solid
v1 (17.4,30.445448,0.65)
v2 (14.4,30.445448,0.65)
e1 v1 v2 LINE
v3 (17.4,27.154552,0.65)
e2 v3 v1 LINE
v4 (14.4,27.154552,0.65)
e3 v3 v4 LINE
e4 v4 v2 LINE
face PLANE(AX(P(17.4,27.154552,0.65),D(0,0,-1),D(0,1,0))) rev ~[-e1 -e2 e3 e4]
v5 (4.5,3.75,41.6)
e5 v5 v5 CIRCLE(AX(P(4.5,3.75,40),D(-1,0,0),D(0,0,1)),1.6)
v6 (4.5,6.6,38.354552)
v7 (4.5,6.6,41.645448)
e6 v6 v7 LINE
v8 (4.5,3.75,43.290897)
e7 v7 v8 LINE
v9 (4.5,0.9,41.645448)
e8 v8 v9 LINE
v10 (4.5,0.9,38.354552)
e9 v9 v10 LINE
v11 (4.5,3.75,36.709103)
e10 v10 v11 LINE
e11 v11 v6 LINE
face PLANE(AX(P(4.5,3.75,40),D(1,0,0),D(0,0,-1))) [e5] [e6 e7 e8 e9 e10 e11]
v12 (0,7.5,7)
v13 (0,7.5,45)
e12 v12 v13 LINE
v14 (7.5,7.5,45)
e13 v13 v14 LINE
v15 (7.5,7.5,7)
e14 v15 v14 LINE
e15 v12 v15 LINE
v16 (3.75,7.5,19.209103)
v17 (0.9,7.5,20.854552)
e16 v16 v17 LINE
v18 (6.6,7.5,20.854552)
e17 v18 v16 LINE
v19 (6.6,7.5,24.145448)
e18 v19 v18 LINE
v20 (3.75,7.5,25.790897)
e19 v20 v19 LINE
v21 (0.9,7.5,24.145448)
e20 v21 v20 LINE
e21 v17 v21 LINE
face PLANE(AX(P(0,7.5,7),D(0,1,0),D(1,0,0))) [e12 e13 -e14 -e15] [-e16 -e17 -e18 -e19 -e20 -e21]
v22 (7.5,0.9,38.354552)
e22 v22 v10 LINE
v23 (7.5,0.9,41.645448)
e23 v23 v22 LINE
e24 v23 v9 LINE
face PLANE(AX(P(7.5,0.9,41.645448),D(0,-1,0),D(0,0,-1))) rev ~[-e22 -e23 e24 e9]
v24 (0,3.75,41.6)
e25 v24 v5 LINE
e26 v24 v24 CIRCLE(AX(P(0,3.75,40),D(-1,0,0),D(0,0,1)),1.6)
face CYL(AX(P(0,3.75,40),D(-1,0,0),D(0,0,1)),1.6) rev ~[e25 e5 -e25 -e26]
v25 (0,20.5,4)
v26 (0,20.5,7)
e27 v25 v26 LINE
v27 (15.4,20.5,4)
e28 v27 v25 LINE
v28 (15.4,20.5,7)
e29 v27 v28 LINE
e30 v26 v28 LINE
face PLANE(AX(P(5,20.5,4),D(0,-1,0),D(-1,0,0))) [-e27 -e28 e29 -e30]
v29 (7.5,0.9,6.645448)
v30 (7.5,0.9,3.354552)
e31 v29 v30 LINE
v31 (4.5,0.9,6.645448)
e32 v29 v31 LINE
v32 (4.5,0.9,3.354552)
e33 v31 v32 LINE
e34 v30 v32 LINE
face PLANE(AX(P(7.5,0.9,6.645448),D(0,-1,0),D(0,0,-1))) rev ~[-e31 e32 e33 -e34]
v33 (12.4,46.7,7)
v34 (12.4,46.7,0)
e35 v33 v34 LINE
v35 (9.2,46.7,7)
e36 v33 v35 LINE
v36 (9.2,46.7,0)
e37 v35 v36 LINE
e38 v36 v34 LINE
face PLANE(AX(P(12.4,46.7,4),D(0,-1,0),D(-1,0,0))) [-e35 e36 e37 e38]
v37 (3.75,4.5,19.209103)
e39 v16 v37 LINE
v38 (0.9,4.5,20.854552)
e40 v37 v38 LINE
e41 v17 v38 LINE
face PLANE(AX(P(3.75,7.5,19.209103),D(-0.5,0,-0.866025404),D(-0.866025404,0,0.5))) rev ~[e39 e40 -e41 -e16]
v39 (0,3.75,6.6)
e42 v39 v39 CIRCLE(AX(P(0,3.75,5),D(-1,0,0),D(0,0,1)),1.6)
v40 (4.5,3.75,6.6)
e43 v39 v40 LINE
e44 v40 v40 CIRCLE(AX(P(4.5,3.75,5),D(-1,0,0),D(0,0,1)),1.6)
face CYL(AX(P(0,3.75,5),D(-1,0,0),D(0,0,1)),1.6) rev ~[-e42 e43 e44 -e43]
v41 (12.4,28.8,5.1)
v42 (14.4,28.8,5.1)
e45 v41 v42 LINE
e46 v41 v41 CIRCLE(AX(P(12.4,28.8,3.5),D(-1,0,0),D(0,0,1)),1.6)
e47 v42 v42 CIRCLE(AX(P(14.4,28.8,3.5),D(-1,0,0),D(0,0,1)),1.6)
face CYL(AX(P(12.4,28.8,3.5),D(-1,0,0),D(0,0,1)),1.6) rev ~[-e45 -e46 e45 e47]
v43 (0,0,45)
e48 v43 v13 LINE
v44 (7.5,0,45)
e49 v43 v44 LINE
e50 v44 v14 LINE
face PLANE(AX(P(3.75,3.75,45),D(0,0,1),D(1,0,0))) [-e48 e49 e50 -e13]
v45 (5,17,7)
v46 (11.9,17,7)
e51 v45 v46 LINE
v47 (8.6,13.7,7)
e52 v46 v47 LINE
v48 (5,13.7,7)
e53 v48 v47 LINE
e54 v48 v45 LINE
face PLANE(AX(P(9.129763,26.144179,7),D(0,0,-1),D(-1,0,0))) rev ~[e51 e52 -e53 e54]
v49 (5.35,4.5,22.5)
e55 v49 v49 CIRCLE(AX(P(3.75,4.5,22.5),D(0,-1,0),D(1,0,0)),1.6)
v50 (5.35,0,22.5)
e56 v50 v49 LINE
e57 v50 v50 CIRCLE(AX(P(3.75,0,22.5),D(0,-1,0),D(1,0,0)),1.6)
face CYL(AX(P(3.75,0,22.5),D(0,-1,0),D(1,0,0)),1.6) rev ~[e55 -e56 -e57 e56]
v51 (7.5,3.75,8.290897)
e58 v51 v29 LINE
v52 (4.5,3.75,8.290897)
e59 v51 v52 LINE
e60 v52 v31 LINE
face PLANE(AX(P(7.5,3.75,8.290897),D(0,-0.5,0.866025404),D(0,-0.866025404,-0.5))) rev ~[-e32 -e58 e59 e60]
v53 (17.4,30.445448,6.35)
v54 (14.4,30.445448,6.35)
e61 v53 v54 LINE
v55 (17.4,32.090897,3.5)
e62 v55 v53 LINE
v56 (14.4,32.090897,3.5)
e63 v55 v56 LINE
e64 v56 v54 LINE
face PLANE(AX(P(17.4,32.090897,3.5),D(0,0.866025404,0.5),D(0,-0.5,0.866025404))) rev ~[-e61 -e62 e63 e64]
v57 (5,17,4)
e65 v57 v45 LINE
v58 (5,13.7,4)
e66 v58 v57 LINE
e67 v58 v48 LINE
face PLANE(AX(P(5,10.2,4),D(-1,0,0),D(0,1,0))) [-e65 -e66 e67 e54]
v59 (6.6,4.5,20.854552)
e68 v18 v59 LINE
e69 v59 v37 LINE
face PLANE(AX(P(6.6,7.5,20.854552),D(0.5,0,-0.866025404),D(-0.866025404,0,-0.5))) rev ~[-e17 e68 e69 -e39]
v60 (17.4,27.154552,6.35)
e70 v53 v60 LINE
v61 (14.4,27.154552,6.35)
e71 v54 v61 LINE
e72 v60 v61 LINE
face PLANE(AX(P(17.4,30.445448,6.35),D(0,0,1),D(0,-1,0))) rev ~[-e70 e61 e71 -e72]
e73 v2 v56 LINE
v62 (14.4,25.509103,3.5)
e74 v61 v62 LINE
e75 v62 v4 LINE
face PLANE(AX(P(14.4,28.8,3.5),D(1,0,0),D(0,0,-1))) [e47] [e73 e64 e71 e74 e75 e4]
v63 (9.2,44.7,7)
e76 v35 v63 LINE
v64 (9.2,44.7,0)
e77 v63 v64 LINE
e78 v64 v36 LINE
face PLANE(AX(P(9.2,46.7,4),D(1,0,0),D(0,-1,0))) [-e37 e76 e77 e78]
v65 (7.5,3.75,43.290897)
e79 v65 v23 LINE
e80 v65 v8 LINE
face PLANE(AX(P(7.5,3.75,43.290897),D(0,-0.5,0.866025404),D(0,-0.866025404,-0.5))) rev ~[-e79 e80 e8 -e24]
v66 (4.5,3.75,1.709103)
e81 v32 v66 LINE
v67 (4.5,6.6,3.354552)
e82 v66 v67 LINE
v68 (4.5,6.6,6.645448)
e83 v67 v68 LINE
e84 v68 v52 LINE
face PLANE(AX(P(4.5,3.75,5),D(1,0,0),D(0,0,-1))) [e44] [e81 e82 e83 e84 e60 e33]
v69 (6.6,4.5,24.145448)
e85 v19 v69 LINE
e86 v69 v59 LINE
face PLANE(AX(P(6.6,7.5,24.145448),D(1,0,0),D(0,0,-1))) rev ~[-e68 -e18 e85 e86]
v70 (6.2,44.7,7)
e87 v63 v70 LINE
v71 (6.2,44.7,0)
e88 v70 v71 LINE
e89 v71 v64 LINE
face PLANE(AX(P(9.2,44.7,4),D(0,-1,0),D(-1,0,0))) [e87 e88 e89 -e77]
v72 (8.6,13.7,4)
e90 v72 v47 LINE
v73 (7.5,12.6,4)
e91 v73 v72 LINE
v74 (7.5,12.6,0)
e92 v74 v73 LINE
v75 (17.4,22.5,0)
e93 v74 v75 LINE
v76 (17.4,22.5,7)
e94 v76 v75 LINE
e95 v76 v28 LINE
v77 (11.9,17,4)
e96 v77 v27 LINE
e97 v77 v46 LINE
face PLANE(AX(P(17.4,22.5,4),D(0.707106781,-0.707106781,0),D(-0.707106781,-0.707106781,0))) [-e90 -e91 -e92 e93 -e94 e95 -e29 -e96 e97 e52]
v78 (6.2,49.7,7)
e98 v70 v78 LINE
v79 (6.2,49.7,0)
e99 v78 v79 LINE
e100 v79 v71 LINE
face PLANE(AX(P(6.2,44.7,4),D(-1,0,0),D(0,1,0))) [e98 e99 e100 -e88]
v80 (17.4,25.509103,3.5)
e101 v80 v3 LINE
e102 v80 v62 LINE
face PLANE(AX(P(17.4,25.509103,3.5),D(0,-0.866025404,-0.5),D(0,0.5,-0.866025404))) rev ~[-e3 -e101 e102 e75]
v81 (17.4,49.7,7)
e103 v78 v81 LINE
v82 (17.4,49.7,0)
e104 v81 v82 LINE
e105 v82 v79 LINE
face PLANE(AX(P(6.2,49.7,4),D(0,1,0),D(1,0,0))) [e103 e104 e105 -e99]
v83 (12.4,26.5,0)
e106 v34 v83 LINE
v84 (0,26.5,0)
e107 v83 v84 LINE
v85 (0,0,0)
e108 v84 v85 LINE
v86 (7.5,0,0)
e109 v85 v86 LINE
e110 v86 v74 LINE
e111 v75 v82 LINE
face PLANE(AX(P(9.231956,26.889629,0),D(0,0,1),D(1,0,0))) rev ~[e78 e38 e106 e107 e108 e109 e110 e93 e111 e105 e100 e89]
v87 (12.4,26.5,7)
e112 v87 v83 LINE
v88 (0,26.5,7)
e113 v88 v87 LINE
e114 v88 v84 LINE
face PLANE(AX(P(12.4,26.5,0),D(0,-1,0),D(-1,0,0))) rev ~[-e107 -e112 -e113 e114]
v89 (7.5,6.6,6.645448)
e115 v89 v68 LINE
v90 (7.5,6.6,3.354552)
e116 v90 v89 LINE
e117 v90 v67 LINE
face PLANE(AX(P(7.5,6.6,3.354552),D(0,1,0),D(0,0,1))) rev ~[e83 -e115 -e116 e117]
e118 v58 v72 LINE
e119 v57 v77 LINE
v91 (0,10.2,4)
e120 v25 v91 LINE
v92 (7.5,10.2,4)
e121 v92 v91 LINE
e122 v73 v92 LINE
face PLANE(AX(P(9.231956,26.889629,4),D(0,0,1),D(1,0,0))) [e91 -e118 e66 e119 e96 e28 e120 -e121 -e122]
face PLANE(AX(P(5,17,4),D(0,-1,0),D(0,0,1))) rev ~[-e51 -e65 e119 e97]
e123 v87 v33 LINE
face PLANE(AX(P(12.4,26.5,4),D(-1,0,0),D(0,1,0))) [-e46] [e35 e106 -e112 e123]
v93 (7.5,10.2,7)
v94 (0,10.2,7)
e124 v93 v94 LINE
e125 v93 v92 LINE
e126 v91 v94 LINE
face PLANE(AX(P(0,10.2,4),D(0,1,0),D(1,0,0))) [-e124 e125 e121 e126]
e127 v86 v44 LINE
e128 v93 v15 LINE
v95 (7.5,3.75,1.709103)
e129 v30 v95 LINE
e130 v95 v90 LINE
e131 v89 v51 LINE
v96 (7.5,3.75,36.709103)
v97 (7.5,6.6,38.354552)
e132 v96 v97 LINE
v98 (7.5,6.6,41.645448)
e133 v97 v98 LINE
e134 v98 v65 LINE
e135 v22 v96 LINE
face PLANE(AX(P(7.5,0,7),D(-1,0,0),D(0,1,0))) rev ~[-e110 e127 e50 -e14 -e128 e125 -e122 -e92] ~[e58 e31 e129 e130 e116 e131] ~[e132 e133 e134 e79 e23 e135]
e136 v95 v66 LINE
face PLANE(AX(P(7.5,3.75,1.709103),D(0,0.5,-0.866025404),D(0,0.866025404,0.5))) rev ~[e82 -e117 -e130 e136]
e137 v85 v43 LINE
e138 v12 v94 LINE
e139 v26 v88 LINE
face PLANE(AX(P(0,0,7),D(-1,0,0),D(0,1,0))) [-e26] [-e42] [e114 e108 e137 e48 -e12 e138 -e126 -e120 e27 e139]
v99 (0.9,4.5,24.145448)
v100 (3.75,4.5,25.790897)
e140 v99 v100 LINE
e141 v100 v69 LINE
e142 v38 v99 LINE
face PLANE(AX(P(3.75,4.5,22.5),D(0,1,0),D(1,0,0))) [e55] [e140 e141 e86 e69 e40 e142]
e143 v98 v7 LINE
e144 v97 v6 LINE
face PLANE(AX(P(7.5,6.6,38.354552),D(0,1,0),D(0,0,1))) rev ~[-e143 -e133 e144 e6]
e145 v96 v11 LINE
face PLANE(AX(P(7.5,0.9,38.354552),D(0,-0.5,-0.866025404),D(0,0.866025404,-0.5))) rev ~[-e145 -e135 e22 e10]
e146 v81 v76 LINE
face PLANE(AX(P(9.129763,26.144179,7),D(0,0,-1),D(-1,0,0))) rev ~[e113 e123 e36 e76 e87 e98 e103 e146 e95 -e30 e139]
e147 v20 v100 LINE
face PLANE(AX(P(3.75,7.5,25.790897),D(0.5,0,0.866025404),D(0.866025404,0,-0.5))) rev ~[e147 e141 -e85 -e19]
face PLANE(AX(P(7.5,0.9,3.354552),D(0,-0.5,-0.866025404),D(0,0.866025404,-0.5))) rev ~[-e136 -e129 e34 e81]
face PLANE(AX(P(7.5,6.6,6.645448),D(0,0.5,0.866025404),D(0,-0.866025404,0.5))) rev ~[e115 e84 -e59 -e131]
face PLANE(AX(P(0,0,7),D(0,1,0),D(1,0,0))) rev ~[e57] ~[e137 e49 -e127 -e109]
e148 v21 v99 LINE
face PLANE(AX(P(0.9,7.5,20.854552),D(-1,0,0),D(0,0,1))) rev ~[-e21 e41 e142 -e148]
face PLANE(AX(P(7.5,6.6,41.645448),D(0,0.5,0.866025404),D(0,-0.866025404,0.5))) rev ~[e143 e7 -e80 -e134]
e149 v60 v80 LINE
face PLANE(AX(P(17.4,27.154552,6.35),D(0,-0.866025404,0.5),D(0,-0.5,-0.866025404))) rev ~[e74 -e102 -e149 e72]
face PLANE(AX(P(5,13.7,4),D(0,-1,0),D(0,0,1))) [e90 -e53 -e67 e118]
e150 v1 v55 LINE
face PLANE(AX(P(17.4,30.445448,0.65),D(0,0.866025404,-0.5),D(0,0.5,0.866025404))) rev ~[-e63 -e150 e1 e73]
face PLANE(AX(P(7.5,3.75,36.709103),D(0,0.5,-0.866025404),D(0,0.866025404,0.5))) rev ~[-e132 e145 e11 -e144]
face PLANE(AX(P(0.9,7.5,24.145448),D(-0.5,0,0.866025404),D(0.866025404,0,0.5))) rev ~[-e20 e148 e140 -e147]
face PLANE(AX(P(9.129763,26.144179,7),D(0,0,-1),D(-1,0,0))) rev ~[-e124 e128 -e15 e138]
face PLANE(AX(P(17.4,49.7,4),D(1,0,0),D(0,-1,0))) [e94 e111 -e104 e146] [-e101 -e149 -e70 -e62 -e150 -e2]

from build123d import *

# Parameters (mm, degrees)
SALIENTE_EXTRUIR1_DEPTH = 4
SALIENTE_EXTRUIR2_DEPTH = 3
CROQUIS3_W              = 7.5
CROQUIS3_H              = 7.5
SALIENTE_EXTRUIR3_DEPTH = 38
CORTAR_EXTRUIR1_REACH   = 7
CROQUIS4_R              = 1.6
CORTAR_EXTRUIR2_DEPTH   = 3
CORTAR_EXTRUIR3_REACH   = 19.4
CROQUIS6_R              = 1.6
CORTAR_EXTRUIR4_DEPTH   = 3
CORTAR_EXTRUIR5_REACH   = 51.7
CROQUIS8_R              = 1.6
CORTAR_EXTRUIR6_DEPTH   = 3
CORTAR_EXTRUIR7_REACH   = 14.4
CROQUIS10_W             = 3
CROQUIS10_H             = 3.5


with BuildPart() as part:
    # Croquis1 → Saliente-Extruir1 (new body)
    with BuildSketch(Plane.XY):
        Polygon((0, 26.5), (0, 0), (7.5, 0), (7.5, 12.6), (17.4, 22.5), (17.4, 49.7), (6.2, 49.7), (6.2, 44.7), (9.2, 44.7), (9.2, 46.7), (12.4, 46.7), (12.4, 26.5), align=None)
    extrude(amount=SALIENTE_EXTRUIR1_DEPTH)

    # Croquis2 → Saliente-Extruir2 (add)
    with BuildSketch(Plane.XY.offset(4)):
        Polygon((0, 0), (0, 10.2), (5, 10.2), (5, 20.5), (0, 20.5), (0, 26.5), (12.4, 26.5), (12.4, 46.7), (9.2, 46.7), (9.2, 44.7), (6.2, 44.7), (6.2, 49.7), (17.4, 49.7), (17.4, 22.5), (7.5, 12.6), (7.5, 0), align=None)
    extrude(amount=SALIENTE_EXTRUIR2_DEPTH)

    # Croquis3 → Saliente-Extruir3 (add)
    with BuildSketch(Plane.XY.offset(7)):
        with Locations((3.75, 3.75)):
            Rectangle(CROQUIS3_W, CROQUIS3_H)
    extrude(amount=SALIENTE_EXTRUIR3_DEPTH)

    # Croquis4 → Cortar-Extruir1 (cut, up to next)
    with BuildSketch(Plane.ZY.offset(-12.4), mode=Mode.PRIVATE) as cortar_extruir1_sk1:
        with Locations((3.5, 28.8)):
            Circle(CROQUIS4_R)
    cortar_extruir1_tool1 = extrude(cortar_extruir1_sk1.sketch, amount=-CORTAR_EXTRUIR1_REACH, mode=Mode.PRIVATE) & part.part
    add(cortar_extruir1_tool1.solids().sort_by_distance((12.4, 28.8, 3.5))[0], mode=Mode.SUBTRACT)

    # Croquis5 → Cortar-Extruir2 (cut)
    with BuildSketch(Plane(origin=(17.4, 0, 0), x_dir=(0, 0, -1), z_dir=(1, 0, 0))):
        Polygon((-0.65, 30.445448267), (-3.5, 32.090896534), (-6.35, 30.445448267), (-6.35, 27.154551733), (-3.5, 25.509103466), (-0.65, 27.154551733), align=None)
    extrude(amount=-CORTAR_EXTRUIR2_DEPTH, mode=Mode.SUBTRACT)

    # Croquis6 → Cortar-Extruir3 (cut, up to next)
    with BuildSketch(Plane.ZY, mode=Mode.PRIVATE) as cortar_extruir3_sk1:
        with Locations((5, 3.75)):
            Circle(CROQUIS6_R)
    cortar_extruir3_tool1 = extrude(cortar_extruir3_sk1.sketch, amount=-CORTAR_EXTRUIR3_REACH, mode=Mode.PRIVATE) & part.part
    add(cortar_extruir3_tool1.solids().sort_by_distance((0, 3.75, 5))[0], mode=Mode.SUBTRACT)
    # Croquis6 → Cortar-Extruir3 (cut, up to next)
    with BuildSketch(Plane.ZY, mode=Mode.PRIVATE) as cortar_extruir3_sk2:
        with Locations((40, 3.75)):
            Circle(CROQUIS6_R)
    cortar_extruir3_tool2 = extrude(cortar_extruir3_sk2.sketch, amount=-CORTAR_EXTRUIR3_REACH, mode=Mode.PRIVATE) & part.part
    add(cortar_extruir3_tool2.solids().sort_by_distance((0, 3.75, 40))[0], mode=Mode.SUBTRACT)

    # Croquis7 → Cortar-Extruir4 (cut)
    with BuildSketch(Plane(origin=(7.5, 0, 0), x_dir=(0, 0, -1), z_dir=(1, 0, 0))):
        Polygon((-3.354551733, 6.6), (-6.645448267, 6.6), (-8.290896534, 3.75), (-6.645448267, 0.9), (-3.354551733, 0.9), (-1.709103466, 3.75), align=None)
        Polygon((-38.354551733, 6.6), (-41.645448267, 6.6), (-43.290896534, 3.75), (-41.645448267, 0.9), (-38.354551733, 0.9), (-36.709103466, 3.75), align=None)
    extrude(amount=-CORTAR_EXTRUIR4_DEPTH, mode=Mode.SUBTRACT)

    # Croquis8 → Cortar-Extruir5 (cut, up to next)
    with BuildSketch(Plane.XZ, mode=Mode.PRIVATE) as cortar_extruir5_sk1:
        with Locations((3.75, 22.5)):
            Circle(CROQUIS8_R)
    cortar_extruir5_tool1 = extrude(cortar_extruir5_sk1.sketch, amount=-CORTAR_EXTRUIR5_REACH, mode=Mode.PRIVATE) & part.part
    add(cortar_extruir5_tool1.solids().sort_by_distance((3.75, 0, 22.5))[0], mode=Mode.SUBTRACT)

    # Croquis9 → Cortar-Extruir6 (cut)
    with BuildSketch(Plane(origin=(0, 7.5, 0), x_dir=(1, 0, 0), z_dir=(0, 1, 0))):
        Polygon((0.9, -20.854551733), (0.9, -24.145448267), (3.75, -25.790896534), (6.6, -24.145448267), (6.6, -20.854551733), (3.75, -19.209103466), align=None)
    extrude(amount=-CORTAR_EXTRUIR6_DEPTH, mode=Mode.SUBTRACT)

    # Croquis10 → Cortar-Extruir7 (cut, up to next)
    with BuildSketch(Plane.ZY.offset(-5), mode=Mode.PRIVATE) as cortar_extruir7_sk1:
        with Locations((5.5, 11.95)):
            Rectangle(CROQUIS10_W, CROQUIS10_H)
    cortar_extruir7_tool1 = extrude(cortar_extruir7_sk1.sketch, amount=-CORTAR_EXTRUIR7_REACH, mode=Mode.PRIVATE) & part.part
    add(cortar_extruir7_tool1.solids().sort_by_distance((5, 11.95, 5.5))[0], mode=Mode.SUBTRACT)
    # Croquis10 → Cortar-Extruir7 (cut, up to next)
    with BuildSketch(Plane.ZY.offset(-5), mode=Mode.PRIVATE) as cortar_extruir7_sk2:
        with Locations((5.5, 18.75)):
            Rectangle(CROQUIS10_W, CROQUIS10_H)
    cortar_extruir7_tool2 = extrude(cortar_extruir7_sk2.sketch, amount=-CORTAR_EXTRUIR7_REACH, mode=Mode.PRIVATE) & part.part
    add(cortar_extruir7_tool2.solids().sort_by_distance((5, 18.75, 5.5))[0], mode=Mode.SUBTRACT)


solid = part.part
